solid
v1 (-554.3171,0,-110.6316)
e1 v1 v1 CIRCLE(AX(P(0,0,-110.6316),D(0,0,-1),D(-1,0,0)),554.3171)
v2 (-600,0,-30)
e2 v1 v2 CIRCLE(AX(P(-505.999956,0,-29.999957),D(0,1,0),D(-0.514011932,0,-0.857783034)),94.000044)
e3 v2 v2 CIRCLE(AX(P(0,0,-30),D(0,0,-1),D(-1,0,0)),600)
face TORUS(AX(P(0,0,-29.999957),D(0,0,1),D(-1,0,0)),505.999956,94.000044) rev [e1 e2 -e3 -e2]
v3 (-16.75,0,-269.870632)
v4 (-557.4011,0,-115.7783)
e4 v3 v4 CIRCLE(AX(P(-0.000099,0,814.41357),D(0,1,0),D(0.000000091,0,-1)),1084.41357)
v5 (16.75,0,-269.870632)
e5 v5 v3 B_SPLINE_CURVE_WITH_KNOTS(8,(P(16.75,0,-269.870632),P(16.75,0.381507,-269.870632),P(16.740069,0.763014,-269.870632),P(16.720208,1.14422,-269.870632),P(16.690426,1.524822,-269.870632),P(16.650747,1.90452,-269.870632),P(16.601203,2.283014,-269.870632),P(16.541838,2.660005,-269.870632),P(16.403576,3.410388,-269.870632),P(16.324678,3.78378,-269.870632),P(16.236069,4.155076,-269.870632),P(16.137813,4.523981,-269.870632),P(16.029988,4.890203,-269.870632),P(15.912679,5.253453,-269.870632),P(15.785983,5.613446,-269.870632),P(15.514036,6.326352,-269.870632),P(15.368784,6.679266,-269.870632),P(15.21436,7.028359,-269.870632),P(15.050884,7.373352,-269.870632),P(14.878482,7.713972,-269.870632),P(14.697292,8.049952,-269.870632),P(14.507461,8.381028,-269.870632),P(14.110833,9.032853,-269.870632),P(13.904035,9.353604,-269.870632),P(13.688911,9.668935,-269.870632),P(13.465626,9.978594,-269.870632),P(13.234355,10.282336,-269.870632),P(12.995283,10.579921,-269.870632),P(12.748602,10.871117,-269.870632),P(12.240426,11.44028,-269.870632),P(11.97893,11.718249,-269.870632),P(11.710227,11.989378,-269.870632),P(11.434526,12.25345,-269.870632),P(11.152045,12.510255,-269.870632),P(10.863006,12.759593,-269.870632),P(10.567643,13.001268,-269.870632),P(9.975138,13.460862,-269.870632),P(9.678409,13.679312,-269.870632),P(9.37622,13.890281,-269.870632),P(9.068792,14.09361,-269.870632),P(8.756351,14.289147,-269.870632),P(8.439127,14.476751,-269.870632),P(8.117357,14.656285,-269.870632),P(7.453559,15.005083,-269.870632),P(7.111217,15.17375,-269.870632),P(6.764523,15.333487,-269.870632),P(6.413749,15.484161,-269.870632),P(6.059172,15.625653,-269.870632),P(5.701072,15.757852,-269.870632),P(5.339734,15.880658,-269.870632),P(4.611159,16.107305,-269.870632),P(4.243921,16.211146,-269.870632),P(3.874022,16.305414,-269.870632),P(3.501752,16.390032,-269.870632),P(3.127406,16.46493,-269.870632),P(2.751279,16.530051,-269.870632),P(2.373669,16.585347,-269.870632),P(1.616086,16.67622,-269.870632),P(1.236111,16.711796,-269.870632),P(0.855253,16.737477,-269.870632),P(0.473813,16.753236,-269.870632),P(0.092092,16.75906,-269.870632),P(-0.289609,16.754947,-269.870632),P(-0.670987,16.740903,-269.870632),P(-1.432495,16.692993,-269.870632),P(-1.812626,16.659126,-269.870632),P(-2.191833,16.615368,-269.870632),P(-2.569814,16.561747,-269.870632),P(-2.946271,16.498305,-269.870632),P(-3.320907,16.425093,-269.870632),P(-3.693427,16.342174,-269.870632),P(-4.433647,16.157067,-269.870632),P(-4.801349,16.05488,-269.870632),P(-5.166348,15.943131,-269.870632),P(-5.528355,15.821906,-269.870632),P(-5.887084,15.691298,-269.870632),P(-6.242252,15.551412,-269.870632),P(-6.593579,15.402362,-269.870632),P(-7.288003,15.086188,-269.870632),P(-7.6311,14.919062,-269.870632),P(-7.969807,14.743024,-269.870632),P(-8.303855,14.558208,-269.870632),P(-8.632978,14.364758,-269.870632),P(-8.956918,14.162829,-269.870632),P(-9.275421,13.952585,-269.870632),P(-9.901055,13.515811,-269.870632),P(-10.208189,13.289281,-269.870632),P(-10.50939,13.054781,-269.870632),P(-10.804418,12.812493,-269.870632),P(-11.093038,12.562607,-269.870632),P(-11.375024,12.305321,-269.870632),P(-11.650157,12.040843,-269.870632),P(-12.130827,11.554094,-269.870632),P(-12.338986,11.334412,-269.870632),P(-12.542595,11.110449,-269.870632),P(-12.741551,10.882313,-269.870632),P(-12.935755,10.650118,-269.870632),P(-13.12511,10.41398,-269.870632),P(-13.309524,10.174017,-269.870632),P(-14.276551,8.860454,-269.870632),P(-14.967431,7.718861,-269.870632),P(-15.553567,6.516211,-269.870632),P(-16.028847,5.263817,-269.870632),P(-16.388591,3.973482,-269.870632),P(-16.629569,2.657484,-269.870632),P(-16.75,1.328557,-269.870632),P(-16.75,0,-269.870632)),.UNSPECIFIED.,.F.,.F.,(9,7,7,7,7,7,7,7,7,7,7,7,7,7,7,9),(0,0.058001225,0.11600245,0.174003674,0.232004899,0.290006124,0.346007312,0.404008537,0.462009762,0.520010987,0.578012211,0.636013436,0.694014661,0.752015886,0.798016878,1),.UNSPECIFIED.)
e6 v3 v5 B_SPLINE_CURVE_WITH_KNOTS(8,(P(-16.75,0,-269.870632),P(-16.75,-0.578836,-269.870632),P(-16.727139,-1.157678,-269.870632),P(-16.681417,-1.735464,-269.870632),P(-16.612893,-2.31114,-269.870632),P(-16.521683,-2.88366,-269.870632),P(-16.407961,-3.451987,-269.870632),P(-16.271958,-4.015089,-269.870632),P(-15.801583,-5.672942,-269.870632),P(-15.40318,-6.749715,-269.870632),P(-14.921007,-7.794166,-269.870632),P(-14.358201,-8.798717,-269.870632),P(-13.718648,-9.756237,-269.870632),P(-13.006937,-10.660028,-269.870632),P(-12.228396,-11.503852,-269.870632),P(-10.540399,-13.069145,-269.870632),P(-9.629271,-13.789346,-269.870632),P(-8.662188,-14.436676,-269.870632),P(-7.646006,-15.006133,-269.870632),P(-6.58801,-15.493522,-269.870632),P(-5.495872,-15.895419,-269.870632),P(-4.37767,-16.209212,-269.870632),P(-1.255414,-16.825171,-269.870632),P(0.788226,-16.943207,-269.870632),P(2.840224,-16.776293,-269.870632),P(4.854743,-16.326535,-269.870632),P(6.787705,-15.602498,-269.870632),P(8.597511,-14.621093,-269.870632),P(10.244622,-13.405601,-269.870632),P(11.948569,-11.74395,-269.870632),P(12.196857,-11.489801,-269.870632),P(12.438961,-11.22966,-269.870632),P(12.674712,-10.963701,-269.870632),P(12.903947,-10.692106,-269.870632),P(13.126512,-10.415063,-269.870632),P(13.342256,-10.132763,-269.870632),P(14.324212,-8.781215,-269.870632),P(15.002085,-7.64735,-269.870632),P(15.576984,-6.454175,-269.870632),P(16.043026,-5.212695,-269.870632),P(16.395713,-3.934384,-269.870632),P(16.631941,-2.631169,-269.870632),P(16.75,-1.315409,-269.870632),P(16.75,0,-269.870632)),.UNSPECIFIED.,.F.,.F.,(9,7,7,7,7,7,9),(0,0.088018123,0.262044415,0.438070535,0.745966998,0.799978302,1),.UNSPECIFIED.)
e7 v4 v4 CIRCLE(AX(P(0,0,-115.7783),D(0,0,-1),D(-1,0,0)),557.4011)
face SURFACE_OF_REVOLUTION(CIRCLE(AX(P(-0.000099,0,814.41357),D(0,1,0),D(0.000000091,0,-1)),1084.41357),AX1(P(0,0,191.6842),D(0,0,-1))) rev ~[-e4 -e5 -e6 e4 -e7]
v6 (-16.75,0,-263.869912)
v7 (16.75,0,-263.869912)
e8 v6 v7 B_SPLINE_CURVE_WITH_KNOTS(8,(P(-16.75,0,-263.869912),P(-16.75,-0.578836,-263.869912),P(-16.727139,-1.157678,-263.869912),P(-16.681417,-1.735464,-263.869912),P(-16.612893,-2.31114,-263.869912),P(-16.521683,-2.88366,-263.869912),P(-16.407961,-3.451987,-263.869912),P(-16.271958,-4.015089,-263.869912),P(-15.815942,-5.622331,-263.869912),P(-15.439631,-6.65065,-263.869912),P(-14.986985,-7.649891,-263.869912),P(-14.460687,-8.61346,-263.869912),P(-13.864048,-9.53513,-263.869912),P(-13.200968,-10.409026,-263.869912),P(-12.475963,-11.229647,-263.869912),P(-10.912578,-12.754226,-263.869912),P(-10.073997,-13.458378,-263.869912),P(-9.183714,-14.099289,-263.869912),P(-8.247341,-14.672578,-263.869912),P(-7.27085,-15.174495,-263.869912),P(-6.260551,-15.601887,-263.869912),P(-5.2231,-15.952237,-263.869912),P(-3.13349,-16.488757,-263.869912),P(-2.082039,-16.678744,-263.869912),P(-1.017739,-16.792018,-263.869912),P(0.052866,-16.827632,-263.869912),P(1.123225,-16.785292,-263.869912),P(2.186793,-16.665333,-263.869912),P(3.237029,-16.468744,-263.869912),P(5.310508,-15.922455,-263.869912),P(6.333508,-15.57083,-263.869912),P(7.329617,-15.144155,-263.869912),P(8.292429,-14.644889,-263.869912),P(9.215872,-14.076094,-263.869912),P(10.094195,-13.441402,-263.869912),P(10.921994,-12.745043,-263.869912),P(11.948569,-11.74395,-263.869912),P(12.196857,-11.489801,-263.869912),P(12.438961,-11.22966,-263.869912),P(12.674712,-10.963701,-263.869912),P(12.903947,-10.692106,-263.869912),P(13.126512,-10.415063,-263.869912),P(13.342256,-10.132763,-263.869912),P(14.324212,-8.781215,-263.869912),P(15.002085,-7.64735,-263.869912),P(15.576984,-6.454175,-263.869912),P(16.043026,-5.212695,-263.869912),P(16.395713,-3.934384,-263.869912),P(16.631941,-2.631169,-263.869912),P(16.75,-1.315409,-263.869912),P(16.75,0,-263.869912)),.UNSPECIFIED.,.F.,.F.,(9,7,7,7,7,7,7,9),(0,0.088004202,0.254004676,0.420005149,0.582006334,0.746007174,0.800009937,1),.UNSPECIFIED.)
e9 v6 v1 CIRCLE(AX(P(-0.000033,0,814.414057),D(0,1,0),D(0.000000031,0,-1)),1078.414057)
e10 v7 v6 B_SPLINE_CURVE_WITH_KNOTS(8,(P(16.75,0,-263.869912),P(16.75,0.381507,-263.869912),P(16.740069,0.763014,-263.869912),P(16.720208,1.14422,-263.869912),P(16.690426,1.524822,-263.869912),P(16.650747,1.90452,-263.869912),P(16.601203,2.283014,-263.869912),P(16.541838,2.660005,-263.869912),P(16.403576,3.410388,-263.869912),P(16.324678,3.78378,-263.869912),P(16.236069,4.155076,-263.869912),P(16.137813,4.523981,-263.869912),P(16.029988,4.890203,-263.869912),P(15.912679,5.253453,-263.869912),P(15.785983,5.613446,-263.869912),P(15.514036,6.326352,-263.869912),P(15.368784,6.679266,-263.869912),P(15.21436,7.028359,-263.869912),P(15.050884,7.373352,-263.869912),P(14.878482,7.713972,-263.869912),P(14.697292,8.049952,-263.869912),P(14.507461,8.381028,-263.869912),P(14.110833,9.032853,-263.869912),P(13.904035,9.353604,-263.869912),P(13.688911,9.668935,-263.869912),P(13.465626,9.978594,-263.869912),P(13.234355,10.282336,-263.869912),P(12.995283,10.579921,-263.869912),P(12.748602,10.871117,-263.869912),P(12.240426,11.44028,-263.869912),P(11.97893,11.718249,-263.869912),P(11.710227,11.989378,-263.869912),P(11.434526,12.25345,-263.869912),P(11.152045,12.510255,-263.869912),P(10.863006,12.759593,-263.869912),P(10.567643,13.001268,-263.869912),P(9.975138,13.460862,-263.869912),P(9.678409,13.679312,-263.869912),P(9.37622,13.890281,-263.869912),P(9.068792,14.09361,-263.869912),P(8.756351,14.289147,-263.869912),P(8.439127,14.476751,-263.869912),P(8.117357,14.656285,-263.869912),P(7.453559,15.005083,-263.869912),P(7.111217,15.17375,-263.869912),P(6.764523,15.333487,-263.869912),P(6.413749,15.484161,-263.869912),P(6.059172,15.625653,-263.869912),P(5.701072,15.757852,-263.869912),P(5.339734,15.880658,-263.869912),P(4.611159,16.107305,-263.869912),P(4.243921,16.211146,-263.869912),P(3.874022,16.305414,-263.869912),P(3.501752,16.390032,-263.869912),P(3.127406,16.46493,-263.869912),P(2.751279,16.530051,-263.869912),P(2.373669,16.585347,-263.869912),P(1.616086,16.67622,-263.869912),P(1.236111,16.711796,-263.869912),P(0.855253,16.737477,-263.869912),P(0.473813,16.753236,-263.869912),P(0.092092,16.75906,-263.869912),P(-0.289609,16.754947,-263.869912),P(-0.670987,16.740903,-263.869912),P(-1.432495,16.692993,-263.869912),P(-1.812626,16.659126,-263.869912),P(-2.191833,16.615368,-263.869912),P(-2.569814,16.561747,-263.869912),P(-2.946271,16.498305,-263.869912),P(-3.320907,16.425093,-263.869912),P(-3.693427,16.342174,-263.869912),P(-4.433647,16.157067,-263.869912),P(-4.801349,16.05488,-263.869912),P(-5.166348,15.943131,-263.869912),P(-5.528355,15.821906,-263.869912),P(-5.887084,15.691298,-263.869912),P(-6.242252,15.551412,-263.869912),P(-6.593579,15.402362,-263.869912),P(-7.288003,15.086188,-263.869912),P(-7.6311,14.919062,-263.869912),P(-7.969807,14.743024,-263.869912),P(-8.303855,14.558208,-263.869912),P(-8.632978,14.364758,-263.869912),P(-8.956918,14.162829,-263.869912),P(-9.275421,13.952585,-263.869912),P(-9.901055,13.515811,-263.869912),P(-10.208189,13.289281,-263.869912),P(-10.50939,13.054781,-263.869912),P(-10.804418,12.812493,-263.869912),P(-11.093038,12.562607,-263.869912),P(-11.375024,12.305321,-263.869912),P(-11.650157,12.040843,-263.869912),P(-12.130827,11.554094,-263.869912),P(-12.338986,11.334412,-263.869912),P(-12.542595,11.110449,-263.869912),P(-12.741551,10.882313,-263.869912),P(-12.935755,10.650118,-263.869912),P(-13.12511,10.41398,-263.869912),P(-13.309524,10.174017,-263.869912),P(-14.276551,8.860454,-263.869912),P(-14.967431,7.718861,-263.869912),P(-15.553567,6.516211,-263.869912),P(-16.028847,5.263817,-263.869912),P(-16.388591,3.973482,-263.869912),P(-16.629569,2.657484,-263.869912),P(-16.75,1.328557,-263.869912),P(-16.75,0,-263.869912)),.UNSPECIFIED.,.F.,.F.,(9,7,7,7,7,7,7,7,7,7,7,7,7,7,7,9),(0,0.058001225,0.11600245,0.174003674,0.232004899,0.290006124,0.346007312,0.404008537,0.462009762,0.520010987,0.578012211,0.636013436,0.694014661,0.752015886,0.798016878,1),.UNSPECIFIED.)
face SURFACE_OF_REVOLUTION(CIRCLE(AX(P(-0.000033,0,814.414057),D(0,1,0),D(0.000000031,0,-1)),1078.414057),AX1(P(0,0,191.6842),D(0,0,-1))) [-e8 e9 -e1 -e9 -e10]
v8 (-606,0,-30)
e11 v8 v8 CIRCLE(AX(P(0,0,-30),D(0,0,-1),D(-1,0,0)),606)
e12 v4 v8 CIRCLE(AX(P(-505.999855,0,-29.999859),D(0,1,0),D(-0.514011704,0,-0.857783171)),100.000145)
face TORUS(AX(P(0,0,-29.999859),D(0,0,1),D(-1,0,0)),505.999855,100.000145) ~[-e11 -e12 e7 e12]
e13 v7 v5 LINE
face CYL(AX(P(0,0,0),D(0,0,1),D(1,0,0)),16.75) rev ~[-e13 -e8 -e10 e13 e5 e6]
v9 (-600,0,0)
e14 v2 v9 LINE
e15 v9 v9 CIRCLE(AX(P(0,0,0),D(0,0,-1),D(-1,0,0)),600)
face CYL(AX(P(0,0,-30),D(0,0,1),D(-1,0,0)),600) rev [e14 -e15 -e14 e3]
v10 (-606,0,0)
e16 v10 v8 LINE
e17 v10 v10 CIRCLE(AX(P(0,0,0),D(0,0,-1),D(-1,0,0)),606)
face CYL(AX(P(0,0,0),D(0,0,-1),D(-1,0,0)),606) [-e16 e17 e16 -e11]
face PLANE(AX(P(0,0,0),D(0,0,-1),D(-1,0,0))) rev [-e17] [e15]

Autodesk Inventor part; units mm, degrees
ref_plane "YZ Plane" through (0, 0, 0) normal (1, 0, 0) x (0, 1, 0)
ref_plane "XZ Plane" through (0, 0, 0) normal (0, 1, 0) x (-1, 0, 0)
ref_plane "XY Plane" through (0, 0, 0) normal (0, 0, 1) x (1, 0, 0)
sketch "Sketch1" plane through (0, 0, 0) normal (0, 1, 0) x (-1, 0, 0)
  line L0 (606, 0) -> (606, -30)
  arc A0 (557.4011, -115.7783) -> (606, -30) centre (506, -30) ccw
  arc A1 (0, -270) -> (557.4011, -115.7783) centre (0, 814.4143) ccw
  line L1 (0, 191.6842) -> (0, -191.6842)
  arc A2 (0, -264) -> (554.3171, -110.6316) centre (0, 814.4143) ccw
  arc A3 (554.3171, -110.6316) -> (600, -30) centre (506, -30) ccw
  line L2 (600, -30) -> (600, 0)
  line L3 (600, 0) -> (606, 0)
  line L4 (0, -264) -> (0, -270)
  point P0 (0, 0)
  point P1 (0, 0)
  point P2 (0, -267)
  point P3 (0, -163.7009)
  point P4 (0, -169.7009)
  dimension "d0" = 100
  dimension "d1" = 30
  dimension "d3" = 1084.4143
  dimension "d6" = 6
  dimension "d11" = 1200
  dimension "d12" = 270
revolve "Revolution1" add sketch "Sketch1" angle 360 about axis through (0, 0, 191.6842) along (0, 0, -1)
sketch "Sketch2" plane through (0, 0, 0) normal (0, 0, 1) x (1, 0, 0)
  circle A0 centre (0, 0) radius 16.75
  dimension "d8" = 33.5
extrude "Extrusion1" cut sketch "Sketch2" against normal through all
equation "\"Disherd_head_hight\" = d12"
properties part number "PNS 1708 dished head D1200" material "Steel"
